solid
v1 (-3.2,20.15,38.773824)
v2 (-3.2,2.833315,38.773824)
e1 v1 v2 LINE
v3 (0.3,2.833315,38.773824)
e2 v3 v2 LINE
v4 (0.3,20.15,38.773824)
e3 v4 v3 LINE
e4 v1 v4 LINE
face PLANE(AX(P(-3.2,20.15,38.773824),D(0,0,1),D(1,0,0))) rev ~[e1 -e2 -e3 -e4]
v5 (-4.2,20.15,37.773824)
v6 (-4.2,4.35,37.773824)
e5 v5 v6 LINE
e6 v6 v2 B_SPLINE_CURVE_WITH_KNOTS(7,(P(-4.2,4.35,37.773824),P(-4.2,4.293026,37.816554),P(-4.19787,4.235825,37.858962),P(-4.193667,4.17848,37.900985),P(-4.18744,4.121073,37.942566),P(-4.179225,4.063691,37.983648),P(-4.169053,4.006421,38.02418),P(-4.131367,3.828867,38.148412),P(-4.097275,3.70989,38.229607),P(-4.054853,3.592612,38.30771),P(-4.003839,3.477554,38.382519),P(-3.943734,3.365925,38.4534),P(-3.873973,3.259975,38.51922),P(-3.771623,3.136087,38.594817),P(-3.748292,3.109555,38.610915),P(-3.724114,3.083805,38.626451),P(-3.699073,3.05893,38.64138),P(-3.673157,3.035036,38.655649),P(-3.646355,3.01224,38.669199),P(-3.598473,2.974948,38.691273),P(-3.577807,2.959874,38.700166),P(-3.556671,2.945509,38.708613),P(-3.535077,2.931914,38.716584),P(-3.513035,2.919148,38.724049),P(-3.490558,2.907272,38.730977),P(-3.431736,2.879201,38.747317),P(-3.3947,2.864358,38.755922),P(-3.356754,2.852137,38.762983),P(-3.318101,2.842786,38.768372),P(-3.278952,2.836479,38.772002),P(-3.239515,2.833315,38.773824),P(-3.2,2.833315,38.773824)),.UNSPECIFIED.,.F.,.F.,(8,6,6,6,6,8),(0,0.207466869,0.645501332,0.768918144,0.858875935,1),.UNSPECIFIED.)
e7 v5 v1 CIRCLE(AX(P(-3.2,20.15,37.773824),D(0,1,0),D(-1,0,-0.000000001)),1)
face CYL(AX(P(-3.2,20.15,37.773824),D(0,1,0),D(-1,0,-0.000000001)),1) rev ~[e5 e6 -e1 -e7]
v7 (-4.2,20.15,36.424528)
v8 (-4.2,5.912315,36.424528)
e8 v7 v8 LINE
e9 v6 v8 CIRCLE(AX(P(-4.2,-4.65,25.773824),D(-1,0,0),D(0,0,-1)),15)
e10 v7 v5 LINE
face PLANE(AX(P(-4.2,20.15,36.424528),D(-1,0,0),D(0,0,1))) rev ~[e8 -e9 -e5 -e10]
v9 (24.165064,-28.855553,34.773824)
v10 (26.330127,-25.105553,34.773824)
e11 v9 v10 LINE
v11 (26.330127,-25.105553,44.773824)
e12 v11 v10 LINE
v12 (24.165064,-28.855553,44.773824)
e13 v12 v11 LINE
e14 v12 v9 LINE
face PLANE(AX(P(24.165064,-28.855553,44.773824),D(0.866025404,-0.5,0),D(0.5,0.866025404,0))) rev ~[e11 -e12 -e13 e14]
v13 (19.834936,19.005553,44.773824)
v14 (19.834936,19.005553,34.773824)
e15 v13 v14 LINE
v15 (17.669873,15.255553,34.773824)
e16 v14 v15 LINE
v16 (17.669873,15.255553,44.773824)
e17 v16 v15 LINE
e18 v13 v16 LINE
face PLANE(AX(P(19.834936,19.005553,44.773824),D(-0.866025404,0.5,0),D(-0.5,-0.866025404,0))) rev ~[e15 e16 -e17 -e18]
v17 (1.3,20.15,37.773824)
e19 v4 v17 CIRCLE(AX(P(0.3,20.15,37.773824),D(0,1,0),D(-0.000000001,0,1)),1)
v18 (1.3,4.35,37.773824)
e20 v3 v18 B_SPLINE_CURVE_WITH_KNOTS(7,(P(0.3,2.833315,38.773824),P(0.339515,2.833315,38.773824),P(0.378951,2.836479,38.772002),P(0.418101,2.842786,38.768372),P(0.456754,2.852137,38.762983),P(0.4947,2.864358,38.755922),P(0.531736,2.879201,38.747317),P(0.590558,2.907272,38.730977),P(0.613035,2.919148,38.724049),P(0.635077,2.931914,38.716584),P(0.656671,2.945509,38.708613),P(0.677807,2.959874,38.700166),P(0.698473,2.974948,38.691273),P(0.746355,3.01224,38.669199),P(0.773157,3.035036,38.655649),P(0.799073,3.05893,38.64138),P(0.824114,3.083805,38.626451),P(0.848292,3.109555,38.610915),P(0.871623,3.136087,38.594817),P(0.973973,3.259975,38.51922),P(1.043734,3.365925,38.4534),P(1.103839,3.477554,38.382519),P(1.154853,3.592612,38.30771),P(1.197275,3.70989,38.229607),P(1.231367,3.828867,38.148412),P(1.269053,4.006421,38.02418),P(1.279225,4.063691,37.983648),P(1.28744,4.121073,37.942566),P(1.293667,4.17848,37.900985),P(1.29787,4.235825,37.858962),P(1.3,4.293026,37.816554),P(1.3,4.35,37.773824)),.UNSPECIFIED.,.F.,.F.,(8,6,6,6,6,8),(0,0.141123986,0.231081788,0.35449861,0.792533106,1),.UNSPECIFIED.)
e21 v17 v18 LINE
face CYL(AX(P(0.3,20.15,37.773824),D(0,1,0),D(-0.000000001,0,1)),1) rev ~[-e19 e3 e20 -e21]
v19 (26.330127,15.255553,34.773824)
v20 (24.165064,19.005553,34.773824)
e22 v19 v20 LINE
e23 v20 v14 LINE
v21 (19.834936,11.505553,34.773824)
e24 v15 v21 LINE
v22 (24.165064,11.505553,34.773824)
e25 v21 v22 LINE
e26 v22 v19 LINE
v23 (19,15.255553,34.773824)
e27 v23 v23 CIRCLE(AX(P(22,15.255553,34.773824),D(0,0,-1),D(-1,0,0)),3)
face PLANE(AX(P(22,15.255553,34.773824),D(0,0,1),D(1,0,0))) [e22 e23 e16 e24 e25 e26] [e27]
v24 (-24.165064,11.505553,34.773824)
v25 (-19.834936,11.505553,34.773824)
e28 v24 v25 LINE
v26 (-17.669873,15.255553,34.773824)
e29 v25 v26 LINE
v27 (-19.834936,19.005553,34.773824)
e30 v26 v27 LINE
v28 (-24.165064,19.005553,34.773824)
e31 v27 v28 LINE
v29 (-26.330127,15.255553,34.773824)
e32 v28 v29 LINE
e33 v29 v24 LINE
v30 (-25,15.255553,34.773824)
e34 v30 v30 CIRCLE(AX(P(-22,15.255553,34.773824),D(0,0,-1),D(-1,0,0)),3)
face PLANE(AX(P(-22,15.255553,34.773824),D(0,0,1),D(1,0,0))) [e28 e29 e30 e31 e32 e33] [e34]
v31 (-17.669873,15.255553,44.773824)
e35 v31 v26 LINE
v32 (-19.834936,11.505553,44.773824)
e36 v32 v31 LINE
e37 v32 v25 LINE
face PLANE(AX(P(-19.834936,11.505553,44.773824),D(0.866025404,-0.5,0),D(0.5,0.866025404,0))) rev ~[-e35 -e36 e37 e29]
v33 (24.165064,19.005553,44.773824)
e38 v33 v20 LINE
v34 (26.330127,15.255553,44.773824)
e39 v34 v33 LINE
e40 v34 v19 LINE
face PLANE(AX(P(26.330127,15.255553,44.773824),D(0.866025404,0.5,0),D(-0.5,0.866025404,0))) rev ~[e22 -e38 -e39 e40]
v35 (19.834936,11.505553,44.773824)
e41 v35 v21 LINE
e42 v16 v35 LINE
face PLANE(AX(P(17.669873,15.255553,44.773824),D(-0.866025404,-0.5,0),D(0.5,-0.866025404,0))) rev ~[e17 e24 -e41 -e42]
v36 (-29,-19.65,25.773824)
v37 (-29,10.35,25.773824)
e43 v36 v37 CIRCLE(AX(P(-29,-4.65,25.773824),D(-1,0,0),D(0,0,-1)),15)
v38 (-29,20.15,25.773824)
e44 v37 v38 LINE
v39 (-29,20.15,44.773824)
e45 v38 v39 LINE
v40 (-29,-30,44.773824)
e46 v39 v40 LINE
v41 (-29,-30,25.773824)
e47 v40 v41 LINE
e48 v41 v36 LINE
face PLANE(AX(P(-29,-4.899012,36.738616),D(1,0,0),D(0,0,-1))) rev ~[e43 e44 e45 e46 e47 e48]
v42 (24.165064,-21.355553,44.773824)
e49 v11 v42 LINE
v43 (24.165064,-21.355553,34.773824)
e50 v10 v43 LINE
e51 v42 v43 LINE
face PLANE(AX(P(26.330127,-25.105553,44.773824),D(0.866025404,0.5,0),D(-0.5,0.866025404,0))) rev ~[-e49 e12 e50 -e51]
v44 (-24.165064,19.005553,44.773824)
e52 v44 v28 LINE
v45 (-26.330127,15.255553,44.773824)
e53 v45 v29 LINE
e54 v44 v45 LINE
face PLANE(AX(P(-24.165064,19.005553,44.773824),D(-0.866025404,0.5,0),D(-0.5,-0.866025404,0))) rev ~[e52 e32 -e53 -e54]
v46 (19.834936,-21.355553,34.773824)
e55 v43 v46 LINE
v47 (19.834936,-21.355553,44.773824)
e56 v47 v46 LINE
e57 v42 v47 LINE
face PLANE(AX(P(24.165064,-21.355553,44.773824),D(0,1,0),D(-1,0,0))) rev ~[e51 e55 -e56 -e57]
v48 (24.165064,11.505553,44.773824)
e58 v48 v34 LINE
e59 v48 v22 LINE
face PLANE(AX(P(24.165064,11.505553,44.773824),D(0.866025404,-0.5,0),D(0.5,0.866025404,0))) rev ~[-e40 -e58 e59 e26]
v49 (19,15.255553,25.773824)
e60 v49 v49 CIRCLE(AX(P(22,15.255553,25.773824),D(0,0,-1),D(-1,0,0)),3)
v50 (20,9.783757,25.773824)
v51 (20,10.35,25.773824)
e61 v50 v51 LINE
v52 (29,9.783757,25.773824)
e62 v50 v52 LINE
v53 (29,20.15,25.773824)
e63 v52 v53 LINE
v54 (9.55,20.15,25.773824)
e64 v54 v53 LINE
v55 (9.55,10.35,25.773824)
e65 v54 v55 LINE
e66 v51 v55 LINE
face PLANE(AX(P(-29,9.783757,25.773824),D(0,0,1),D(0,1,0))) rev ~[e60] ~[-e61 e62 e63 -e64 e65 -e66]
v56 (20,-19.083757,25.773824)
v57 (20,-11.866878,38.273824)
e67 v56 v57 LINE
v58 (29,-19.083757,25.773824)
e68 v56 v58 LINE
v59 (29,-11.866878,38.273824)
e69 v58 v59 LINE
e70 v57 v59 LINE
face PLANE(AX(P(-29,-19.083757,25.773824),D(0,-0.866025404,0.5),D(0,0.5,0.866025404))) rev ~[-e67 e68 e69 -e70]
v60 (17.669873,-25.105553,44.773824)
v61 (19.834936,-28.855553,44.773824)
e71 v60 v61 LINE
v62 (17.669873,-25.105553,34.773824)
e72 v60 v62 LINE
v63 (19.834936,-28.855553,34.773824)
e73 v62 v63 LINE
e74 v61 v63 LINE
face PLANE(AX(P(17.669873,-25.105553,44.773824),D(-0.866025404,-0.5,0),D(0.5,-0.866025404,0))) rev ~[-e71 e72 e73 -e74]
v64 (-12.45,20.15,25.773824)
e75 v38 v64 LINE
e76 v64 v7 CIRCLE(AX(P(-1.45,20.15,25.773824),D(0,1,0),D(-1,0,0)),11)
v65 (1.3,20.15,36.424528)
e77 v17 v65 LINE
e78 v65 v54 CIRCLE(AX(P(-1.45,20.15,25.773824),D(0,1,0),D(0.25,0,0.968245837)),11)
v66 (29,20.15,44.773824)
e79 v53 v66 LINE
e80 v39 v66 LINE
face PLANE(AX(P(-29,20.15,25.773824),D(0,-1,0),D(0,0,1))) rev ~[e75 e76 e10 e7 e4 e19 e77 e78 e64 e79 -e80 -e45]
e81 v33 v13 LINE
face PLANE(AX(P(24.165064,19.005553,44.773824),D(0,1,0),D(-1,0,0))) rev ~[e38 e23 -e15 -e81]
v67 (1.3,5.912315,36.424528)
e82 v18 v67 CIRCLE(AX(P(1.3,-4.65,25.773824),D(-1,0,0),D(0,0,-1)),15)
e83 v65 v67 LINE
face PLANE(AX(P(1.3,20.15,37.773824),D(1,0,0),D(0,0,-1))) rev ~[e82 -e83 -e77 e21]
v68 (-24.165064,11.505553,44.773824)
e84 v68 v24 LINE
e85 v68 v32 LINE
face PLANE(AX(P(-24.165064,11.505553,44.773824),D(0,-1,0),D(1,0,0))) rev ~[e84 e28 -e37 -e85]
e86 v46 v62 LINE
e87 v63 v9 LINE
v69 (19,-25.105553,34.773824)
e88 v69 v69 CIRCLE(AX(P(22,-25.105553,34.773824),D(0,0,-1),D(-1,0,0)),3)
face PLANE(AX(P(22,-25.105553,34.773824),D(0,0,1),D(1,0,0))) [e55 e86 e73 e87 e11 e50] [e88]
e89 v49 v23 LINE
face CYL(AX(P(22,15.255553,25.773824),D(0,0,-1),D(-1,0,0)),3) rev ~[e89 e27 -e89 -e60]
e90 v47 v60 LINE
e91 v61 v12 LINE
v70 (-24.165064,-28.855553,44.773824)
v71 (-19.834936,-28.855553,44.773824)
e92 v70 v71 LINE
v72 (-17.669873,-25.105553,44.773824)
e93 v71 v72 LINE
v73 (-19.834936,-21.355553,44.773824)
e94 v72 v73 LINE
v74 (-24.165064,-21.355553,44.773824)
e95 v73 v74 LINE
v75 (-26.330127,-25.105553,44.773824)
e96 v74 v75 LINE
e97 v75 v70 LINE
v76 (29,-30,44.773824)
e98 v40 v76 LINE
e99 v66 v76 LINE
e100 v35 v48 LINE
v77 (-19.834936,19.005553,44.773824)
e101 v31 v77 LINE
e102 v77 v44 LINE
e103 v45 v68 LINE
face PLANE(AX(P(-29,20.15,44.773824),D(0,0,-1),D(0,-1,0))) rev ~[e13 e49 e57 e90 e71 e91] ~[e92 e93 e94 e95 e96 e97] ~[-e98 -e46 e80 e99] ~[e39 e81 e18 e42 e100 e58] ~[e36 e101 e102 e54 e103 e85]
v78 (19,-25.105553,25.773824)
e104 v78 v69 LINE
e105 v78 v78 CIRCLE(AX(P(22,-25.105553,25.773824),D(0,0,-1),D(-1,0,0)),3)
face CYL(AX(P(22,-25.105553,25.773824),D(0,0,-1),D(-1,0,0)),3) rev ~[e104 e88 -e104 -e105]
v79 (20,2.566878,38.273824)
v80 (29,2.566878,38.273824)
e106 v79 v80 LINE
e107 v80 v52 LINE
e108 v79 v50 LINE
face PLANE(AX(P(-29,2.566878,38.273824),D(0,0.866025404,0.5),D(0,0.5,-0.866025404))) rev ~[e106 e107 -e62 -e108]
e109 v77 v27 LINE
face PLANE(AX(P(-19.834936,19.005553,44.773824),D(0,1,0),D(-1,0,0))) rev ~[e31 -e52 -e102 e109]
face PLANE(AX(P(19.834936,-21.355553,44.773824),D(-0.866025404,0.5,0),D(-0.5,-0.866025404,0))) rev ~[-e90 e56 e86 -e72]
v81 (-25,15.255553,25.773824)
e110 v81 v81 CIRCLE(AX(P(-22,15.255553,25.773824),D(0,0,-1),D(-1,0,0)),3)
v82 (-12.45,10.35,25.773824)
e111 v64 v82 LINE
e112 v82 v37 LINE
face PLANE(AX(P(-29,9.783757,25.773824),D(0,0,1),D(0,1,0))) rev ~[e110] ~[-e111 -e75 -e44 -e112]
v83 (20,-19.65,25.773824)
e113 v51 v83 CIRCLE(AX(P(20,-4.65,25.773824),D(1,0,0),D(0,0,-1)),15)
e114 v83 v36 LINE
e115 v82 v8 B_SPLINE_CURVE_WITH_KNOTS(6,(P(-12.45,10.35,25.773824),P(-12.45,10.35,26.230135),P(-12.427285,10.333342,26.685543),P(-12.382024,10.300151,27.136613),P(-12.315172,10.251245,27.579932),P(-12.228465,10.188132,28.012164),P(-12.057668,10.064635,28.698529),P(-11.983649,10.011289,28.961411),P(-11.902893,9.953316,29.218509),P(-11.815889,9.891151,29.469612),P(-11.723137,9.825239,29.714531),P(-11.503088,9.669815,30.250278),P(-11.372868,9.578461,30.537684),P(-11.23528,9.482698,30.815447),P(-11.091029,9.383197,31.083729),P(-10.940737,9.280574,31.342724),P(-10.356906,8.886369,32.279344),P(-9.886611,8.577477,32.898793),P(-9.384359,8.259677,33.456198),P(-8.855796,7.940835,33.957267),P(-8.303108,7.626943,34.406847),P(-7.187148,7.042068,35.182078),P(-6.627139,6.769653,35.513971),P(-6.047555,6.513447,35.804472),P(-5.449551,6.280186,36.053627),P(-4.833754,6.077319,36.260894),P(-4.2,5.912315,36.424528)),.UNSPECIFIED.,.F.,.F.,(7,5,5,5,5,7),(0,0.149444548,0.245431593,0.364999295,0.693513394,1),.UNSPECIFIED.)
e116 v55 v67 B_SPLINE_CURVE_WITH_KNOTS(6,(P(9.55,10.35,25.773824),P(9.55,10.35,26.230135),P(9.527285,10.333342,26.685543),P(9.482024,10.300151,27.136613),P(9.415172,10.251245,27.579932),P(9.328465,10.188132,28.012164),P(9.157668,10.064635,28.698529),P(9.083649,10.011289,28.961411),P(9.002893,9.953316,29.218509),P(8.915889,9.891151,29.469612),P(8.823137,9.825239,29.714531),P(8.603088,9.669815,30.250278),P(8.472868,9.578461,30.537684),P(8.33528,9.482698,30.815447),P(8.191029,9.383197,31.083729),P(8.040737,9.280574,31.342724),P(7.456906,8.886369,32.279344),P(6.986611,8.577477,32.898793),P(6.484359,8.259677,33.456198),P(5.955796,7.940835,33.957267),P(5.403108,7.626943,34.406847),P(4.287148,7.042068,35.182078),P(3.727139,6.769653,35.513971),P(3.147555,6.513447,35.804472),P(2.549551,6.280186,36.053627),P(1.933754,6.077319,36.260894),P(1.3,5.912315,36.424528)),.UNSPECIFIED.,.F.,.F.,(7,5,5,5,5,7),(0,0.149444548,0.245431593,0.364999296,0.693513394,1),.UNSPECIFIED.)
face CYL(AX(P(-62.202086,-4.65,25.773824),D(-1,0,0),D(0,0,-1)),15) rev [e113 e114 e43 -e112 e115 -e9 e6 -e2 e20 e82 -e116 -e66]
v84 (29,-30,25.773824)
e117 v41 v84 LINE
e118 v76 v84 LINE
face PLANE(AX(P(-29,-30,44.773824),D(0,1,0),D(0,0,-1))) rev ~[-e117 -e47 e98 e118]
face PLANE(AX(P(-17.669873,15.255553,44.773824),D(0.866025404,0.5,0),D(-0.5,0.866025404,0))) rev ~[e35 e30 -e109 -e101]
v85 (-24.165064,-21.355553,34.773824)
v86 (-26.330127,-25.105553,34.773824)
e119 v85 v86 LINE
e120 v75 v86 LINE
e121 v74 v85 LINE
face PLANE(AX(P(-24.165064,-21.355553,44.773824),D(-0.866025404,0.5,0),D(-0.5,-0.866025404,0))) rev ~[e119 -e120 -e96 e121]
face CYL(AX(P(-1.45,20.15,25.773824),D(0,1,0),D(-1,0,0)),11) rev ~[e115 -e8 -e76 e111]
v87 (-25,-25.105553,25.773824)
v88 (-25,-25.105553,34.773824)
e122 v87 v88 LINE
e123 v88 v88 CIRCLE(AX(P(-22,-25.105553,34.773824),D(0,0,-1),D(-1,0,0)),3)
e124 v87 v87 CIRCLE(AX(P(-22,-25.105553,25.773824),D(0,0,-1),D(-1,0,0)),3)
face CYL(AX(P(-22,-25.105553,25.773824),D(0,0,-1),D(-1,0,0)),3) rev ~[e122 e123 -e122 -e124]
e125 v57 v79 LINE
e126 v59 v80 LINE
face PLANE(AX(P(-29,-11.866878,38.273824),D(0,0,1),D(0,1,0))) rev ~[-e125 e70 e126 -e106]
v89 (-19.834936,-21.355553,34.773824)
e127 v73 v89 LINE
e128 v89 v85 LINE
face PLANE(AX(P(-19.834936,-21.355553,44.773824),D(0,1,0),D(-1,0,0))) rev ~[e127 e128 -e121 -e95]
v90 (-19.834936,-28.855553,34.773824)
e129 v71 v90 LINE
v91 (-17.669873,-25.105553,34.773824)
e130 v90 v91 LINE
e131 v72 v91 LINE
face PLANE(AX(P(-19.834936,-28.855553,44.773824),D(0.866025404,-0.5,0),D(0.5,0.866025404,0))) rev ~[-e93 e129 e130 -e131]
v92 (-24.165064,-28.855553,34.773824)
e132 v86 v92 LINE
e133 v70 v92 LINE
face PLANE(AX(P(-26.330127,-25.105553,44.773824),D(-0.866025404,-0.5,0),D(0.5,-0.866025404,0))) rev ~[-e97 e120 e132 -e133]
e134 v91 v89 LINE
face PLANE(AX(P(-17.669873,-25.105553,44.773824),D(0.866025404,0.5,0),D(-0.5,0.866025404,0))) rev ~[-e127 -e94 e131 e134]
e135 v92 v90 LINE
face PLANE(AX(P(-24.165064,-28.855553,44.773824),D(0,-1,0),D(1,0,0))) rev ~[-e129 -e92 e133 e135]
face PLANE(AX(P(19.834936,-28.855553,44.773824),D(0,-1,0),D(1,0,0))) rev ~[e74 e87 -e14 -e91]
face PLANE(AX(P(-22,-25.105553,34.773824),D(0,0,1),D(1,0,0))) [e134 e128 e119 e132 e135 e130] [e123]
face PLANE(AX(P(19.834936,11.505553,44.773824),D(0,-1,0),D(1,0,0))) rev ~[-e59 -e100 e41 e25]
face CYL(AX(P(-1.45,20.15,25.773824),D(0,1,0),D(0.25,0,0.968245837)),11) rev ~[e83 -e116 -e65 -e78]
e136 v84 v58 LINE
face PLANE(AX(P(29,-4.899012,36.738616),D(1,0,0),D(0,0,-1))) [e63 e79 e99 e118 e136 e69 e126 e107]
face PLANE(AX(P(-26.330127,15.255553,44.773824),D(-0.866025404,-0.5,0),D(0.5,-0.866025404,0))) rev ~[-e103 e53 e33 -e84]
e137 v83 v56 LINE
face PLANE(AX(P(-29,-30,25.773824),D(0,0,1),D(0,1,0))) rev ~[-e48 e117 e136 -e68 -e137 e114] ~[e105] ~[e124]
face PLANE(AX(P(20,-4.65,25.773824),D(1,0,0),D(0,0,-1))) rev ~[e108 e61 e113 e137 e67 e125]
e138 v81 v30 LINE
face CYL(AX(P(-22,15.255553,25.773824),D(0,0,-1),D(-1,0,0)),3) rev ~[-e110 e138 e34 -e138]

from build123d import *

# Parameters (mm, degrees)
BOSS_EXTRUDE1_DEPTH      = 29
BOSS_EXTRUDE1_DEPTH_BACK = 29
CUT_EXTRUDE1_DEPTH       = 20
CUT_EXTRUDE1_DEPTH_BACK  = 62.202085825
SKETCH2_R                = 15
CUT_EXTRUDE2_DEPTH       = 18
SKETCH4_R                = 3
CUT_EXTRUDE3_DEPTH       = 46.847573609
CUT_EXTRUDE4_DEPTH       = 10


with BuildPart() as part:
    # Sketch1 → Boss-Extrude1 (new, two sides: drawn at the far end of the back side and taken through both)
    with BuildSketch(Plane(origin=(0, 0, 0), x_dir=(0, 0, -1), z_dir=(1, 0, 0)).offset(-BOSS_EXTRUDE1_DEPTH_BACK)):
        Polygon((-44.77382393, -30), (-25.77382393, -30), (-25.77382393, -19.08375673), (-38.27382393, -11.866878365), (-38.27382393, 2.566878365), (-25.77382393, 9.78375673), (-25.77382393, 20.15), (-44.77382393, 20.15), align=None)
    extrude(amount=BOSS_EXTRUDE1_DEPTH + BOSS_EXTRUDE1_DEPTH_BACK)

    # Sketch2 → Cut-Extrude1 (cut, two sides: drawn at the far end of the back side and taken through both)
    with BuildSketch(Plane(origin=(0, 0, 0), x_dir=(0, 0, -1), z_dir=(1, 0, 0)).offset(-CUT_EXTRUDE1_DEPTH_BACK)):
        with Locations((-25.77382393, -4.65)):
            Circle(SKETCH2_R)
    extrude(amount=CUT_EXTRUDE1_DEPTH + CUT_EXTRUDE1_DEPTH_BACK, mode=Mode.SUBTRACT)

    # Sketch3 → Cut-Extrude2 (cut)
    with BuildSketch(Plane(origin=(0, 20.15, 0), x_dir=(1, 0, 0), z_dir=(0, 1, 0))):
        with BuildLine():
            Line((9.55, -25.77382393), (1.3, -25.77382393))
            Line((1.3, -25.77382393), (1.3, -36.424528133))
            ThreePointArc((1.3, -36.424528133), (7.246263565, -32.509920723), (9.55, -25.77382393))
        make_face()
        with BuildLine():
            Line((1.3, -36.424528133), (1.3, -25.77382393))
            Line((1.3, -25.77382393), (-4.2, -25.77382393))
            Line((-4.2, -25.77382393), (-4.2, -36.424528133))
            ThreePointArc((-4.2, -36.424528133), (-1.45, -36.77382393), (1.3, -36.424528133))
        make_face()
        with BuildLine():
            Line((-4.2, -36.424528133), (-4.2, -25.77382393))
            Line((-4.2, -25.77382393), (-12.45, -25.77382393))
            ThreePointArc((-12.45, -25.77382393), (-10.146263565, -32.509920723), (-4.2, -36.424528133))
        make_face()
        with BuildLine():
            Line((1.3, -37.77382393), (1.3, -36.424528133))
            ThreePointArc((1.3, -36.424528133), (-1.45, -36.77382393), (-4.2, -36.424528133))
            Line((-4.2, -36.424528133), (-4.2, -37.77382393))
            ThreePointArc((-4.2, -37.77382393), (-3.907106781, -38.480930712), (-3.2, -38.77382393))
            Line((-3.2, -38.77382393), (0.3, -38.77382393))
            ThreePointArc((0.3, -38.77382393), (1.007106781, -38.480930712), (1.3, -37.77382393))
        make_face()
    extrude(amount=-CUT_EXTRUDE2_DEPTH, mode=Mode.SUBTRACT)

    # Sketch4 → Cut-Extrude3 (cut, through all)
    with BuildSketch(Plane(origin=(0, 0, 25.77382393), x_dir=(-1, 0, 0), z_dir=(0, 0, -1))):
        with Locations((-22, 15.255553499)):
            Circle(SKETCH4_R)
        with Locations((-22, -25.105553499)):
            Circle(SKETCH4_R)
        with Locations((22, -25.105553499)):
            Circle(SKETCH4_R)
        with Locations((22, 15.255553499)):
            Circle(SKETCH4_R)
    extrude(amount=-CUT_EXTRUDE3_DEPTH, mode=Mode.SUBTRACT)

    # Sketch5 → Cut-Extrude4 (cut)
    with BuildSketch(Plane.XY.offset(44.77382393)):
        Polygon((-19.834936491, -21.355553499), (-24.165063509, -21.355553499), (-26.330127019, -25.105553499), (-24.165063509, -28.855553499), (-19.834936491, -28.855553499), (-17.669872981, -25.105553499), align=None)
        Polygon((-19.834936491, 11.505553499), (-17.669872981, 15.255553499), (-19.834936491, 19.005553499), (-24.165063509, 19.005553499), (-26.330127019, 15.255553499), (-24.165063509, 11.505553499), align=None)
        Polygon((17.669872981, 15.255553499), (19.834936491, 11.505553499), (24.165063509, 11.505553499), (26.330127019, 15.255553499), (24.165063509, 19.005553499), (19.834936491, 19.005553499), align=None)
        Polygon((24.165063509, -21.355553499), (19.834936491, -21.355553499), (17.669872981, -25.105553499), (19.834936491, -28.855553499), (24.165063509, -28.855553499), (26.330127019, -25.105553499), align=None)
    extrude(amount=-CUT_EXTRUDE4_DEPTH, mode=Mode.SUBTRACT)


solid = part.part
